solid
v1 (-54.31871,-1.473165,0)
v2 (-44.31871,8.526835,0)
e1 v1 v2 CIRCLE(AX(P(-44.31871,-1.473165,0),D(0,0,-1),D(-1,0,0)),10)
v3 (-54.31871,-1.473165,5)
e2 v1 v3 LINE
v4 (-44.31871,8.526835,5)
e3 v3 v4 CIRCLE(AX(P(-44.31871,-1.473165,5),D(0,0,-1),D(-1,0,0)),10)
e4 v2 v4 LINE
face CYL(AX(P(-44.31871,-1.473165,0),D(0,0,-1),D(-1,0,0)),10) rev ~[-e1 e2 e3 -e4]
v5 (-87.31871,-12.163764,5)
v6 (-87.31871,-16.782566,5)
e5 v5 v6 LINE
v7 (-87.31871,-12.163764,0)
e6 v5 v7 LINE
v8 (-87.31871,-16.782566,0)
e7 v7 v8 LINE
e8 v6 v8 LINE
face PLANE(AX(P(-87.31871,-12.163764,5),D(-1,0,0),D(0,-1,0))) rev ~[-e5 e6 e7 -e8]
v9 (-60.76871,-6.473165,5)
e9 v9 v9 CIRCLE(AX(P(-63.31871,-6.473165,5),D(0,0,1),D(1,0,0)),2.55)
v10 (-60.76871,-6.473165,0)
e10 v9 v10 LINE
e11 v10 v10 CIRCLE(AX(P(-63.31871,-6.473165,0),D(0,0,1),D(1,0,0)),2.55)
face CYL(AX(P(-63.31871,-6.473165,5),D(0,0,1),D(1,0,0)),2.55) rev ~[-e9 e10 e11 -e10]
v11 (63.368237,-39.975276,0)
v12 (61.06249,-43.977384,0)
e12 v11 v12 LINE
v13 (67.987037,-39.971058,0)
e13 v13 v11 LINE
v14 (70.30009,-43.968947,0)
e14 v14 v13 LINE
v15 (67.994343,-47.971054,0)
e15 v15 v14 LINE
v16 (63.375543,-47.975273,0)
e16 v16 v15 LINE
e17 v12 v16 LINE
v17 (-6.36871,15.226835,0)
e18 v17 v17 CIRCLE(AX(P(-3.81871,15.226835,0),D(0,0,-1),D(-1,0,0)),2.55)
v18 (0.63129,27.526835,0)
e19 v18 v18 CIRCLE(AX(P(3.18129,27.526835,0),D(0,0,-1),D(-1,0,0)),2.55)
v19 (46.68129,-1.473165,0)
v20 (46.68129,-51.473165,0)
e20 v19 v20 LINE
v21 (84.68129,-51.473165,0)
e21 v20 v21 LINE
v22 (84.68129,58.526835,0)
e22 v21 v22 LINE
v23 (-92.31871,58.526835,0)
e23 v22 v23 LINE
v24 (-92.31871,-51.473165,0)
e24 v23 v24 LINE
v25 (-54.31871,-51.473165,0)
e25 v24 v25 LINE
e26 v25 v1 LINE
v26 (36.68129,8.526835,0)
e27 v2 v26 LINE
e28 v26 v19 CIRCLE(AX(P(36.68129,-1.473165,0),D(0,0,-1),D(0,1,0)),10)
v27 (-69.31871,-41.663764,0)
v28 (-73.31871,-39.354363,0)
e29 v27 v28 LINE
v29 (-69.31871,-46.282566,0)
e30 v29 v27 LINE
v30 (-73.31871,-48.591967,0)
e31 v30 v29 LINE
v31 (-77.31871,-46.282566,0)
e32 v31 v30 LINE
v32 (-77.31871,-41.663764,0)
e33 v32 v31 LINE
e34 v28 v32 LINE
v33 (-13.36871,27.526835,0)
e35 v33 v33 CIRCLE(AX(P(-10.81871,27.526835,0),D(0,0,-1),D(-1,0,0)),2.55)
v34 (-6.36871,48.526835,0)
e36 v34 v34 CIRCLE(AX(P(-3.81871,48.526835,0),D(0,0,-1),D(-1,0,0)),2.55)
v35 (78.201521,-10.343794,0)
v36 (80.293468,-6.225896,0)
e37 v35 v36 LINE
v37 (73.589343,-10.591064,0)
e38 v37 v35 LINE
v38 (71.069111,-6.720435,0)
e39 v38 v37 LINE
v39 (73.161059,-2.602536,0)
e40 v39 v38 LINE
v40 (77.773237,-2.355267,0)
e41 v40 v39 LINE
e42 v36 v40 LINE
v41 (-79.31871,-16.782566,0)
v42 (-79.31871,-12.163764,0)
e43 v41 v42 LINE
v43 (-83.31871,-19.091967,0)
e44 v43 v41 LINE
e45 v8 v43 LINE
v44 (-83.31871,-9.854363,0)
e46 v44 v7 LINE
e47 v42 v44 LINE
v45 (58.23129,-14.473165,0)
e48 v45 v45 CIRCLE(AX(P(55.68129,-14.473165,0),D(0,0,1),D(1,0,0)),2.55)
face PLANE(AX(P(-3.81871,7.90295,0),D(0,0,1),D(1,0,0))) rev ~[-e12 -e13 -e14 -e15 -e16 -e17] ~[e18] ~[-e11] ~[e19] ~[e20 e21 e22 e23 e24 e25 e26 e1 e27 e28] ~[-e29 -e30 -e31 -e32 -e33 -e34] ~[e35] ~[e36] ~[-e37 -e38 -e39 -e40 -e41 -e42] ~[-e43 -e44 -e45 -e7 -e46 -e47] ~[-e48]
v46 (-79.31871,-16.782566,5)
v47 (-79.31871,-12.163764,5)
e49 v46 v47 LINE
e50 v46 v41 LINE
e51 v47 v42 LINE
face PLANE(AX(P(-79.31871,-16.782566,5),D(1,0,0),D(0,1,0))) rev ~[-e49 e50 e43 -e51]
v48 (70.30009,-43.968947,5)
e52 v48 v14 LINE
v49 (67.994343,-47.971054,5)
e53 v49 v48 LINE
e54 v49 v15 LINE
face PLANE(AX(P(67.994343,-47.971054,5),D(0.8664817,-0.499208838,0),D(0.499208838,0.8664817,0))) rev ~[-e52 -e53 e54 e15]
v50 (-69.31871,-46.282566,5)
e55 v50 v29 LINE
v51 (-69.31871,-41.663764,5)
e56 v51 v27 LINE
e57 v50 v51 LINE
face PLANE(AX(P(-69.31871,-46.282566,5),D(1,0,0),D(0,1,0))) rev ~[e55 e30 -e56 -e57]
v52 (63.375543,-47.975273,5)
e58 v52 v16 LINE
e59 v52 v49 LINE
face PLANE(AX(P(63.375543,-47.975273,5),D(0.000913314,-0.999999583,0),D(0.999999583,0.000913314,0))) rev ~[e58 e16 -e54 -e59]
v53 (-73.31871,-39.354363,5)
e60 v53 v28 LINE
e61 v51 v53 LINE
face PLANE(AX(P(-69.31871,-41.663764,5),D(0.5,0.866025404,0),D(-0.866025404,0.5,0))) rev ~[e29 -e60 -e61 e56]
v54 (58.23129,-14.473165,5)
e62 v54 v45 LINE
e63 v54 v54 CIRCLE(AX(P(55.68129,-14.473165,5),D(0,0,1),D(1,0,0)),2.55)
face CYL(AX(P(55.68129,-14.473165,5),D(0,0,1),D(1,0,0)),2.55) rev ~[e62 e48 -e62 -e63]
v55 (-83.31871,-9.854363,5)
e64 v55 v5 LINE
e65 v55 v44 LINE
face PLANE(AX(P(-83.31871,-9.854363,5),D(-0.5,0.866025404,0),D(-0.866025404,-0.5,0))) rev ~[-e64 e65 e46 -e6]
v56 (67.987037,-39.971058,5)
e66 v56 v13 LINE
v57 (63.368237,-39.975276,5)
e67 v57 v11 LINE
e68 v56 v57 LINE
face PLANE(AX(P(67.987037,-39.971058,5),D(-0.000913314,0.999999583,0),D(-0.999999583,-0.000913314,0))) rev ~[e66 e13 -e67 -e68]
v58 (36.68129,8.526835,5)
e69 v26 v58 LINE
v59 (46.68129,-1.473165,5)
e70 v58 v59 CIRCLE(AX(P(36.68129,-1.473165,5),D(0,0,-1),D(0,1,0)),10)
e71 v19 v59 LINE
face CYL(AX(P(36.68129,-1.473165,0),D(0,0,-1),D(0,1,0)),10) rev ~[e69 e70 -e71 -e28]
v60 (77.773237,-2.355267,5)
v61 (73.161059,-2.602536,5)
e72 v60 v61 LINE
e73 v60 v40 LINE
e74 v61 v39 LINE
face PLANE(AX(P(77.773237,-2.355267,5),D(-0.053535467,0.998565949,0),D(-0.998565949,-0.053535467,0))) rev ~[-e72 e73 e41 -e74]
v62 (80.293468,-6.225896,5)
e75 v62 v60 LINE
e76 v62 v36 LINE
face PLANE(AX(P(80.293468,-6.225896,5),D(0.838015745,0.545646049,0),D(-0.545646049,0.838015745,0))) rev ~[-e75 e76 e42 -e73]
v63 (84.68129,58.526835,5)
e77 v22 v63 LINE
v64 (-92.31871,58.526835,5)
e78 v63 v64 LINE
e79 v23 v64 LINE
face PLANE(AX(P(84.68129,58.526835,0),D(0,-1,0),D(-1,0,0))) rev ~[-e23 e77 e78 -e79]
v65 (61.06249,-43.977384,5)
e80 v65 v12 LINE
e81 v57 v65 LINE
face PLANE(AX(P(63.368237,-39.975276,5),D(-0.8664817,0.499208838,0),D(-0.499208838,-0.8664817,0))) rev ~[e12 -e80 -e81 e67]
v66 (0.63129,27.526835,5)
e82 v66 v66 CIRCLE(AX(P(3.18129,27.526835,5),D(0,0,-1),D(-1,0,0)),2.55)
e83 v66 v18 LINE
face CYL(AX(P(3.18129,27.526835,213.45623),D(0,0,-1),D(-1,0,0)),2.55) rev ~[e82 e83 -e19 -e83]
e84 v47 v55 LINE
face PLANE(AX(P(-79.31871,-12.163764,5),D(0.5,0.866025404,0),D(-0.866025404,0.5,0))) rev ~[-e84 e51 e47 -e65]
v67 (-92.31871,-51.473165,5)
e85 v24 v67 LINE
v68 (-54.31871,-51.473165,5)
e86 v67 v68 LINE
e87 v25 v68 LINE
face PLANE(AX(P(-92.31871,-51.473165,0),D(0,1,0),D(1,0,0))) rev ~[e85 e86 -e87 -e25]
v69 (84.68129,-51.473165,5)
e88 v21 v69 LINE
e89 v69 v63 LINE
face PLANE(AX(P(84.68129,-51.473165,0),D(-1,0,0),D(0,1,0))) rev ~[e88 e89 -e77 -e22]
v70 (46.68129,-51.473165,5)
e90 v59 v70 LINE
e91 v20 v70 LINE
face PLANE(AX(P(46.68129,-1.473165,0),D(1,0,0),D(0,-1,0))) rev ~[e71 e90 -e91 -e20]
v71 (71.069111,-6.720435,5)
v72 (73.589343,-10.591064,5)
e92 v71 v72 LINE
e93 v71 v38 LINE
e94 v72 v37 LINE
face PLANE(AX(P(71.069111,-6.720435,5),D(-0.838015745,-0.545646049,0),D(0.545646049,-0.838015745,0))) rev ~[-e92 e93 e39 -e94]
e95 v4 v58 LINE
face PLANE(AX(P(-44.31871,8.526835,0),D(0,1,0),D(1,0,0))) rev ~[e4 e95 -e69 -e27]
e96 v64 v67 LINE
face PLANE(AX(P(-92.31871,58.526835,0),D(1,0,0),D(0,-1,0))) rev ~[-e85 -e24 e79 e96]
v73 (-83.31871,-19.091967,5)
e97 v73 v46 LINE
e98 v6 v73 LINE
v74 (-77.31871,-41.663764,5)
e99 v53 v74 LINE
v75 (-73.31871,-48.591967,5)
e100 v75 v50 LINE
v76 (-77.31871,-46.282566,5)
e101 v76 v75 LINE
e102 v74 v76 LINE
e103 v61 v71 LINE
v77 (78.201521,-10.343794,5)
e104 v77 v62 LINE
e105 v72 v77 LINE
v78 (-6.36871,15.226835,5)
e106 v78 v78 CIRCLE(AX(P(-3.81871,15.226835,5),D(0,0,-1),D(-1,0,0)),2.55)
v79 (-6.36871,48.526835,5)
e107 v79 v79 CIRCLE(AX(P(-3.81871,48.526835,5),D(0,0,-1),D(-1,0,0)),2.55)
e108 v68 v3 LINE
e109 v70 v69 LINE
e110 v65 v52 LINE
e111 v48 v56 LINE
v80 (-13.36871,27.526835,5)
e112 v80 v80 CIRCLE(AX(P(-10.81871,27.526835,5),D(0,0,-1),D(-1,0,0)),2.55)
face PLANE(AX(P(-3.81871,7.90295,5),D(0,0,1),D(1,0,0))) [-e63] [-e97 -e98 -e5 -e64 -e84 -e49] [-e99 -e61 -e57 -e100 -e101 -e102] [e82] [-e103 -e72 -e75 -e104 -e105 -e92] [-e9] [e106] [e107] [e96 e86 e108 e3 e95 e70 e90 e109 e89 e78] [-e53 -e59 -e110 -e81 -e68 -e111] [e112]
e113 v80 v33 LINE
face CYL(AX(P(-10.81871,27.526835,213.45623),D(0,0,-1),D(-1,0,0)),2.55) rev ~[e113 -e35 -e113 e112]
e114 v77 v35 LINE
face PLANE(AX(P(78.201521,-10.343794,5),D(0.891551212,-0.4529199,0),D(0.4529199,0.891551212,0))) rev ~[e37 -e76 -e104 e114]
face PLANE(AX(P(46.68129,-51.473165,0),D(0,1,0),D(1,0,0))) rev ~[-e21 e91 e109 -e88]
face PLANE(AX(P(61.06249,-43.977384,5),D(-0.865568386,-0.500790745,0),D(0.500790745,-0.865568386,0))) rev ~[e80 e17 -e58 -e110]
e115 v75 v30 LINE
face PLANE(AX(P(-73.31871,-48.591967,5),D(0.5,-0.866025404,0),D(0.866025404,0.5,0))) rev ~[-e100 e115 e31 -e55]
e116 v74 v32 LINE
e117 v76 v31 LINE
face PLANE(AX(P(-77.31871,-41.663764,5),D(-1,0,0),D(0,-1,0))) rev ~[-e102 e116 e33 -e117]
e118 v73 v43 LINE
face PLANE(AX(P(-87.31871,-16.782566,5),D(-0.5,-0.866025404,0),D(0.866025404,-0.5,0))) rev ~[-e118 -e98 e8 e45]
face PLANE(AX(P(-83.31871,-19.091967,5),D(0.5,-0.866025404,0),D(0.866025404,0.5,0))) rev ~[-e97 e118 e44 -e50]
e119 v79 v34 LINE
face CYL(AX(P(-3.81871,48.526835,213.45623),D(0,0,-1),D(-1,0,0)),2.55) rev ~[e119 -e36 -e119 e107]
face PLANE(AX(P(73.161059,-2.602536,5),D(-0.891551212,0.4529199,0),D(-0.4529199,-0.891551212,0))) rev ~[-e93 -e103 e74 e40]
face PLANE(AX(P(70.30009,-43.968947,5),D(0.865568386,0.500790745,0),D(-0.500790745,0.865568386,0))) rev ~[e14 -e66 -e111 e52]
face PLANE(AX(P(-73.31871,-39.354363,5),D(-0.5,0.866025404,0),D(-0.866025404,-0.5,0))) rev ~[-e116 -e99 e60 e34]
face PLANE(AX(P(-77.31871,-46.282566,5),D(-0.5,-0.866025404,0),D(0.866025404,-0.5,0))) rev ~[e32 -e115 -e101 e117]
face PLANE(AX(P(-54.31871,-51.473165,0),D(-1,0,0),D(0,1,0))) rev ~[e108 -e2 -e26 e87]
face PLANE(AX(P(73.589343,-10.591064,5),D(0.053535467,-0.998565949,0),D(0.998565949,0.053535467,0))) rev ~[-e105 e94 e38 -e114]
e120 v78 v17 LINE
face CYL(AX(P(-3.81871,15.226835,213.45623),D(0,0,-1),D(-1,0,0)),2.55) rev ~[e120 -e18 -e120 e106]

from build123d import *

# Parameters (mm, degrees)
F1_DEPTH = 5
F3_D     = 5.1
F4_R     = 2.55
F5_DEPTH = 25


with BuildPart() as f1:
    # F0 (on Top) → F1 (new body)
    with BuildSketch(Plane.XY):
        with BuildLine():
            Line((84.6812899327, 58.5268347502), (-92.3187100673, 58.5268347502))
            Line((-92.3187100673, 58.5268347502), (-92.3187100673, 8.5268347502))
            Line((-92.3187100673, 8.5268347502), (-92.3187100673, -51.4731652498))
            Line((-92.3187100673, -51.4731652498), (-54.3187100673, -51.4731652498))
            Line((-54.3187100673, -51.4731652498), (-54.3187100673, -1.4731652498))
            ThreePointArc((-54.3187100673, -1.4731652498), (-51.3897778791, 5.597902562), (-44.3187100673, 8.5268347502))
            Line((-44.3187100673, 8.5268347502), (36.6812899327, 8.5268347502))
            ThreePointArc((36.6812899327, 8.5268347502), (43.7523577446, 5.597902562), (46.6812899327, -1.4731652498))
            Line((46.6812899327, -1.4731652498), (46.6812899327, -51.4731652498))
            Line((46.6812899327, -51.4731652498), (84.6812899327, -51.4731652498))
            Line((84.6812899327, -51.4731652498), (84.6812899327, 8.5268347502))
            Line((84.6812899327, 8.5268347502), (84.6812899327, 58.5268347502))
        make_face()
    extrude(amount=F1_DEPTH)

    # F3 (through all)
    with Locations(Plane.XY.offset(5)):
        with Locations((-10.8187100673, 27.5268347502), (-3.8187100673, 48.5268347502), (3.1812899327, 27.5268347502), (-3.8187100673, 15.2268347502)):
            Hole(F3_D / 2)

    # F4 (on face) → F5 (cut)
    with BuildSketch(Plane.XY.offset(5)):
        Polygon((-79.3187100673, -16.7825663266), (-79.3187100673, -12.1637641731), (-83.3187100673, -9.8543630963), (-87.3187100673, -12.1637641731), (-87.3187100673, -16.7825663266), (-83.3187100673, -19.0919674033), align=None)
        Polygon((-69.3187100673, -46.2825663266), (-69.3187100673, -41.6637641731), (-73.3187100673, -39.3543630963), (-77.3187100673, -41.6637641731), (-77.3187100673, -46.2825663266), (-73.3187100673, -48.5919674033), align=None)
        Polygon((71.0691113787, -6.7204349793), (73.589342523, -10.5910639091), (78.201521077, -10.3437941797), (80.2934684868, -6.2258955204), (77.7732373424, -2.3552665905), (73.1610587884, -2.60253632), align=None)
        Polygon((70.3000901599, -43.9689468335), (67.9870367906, -39.9710577099), (63.3682365634, -39.9752761263), (61.0624897056, -43.9773836662), (63.3755430749, -47.9752727897), (67.994343302, -47.9710543734), align=None)
        with Locations((-63.3187100673, -6.4731652498)):
            Circle(F4_R)
        with Locations((55.6812899327, -14.4731652498)):
            Circle(F4_R)
    extrude(amount=-F5_DEPTH, mode=Mode.SUBTRACT)


solid = f1.part
